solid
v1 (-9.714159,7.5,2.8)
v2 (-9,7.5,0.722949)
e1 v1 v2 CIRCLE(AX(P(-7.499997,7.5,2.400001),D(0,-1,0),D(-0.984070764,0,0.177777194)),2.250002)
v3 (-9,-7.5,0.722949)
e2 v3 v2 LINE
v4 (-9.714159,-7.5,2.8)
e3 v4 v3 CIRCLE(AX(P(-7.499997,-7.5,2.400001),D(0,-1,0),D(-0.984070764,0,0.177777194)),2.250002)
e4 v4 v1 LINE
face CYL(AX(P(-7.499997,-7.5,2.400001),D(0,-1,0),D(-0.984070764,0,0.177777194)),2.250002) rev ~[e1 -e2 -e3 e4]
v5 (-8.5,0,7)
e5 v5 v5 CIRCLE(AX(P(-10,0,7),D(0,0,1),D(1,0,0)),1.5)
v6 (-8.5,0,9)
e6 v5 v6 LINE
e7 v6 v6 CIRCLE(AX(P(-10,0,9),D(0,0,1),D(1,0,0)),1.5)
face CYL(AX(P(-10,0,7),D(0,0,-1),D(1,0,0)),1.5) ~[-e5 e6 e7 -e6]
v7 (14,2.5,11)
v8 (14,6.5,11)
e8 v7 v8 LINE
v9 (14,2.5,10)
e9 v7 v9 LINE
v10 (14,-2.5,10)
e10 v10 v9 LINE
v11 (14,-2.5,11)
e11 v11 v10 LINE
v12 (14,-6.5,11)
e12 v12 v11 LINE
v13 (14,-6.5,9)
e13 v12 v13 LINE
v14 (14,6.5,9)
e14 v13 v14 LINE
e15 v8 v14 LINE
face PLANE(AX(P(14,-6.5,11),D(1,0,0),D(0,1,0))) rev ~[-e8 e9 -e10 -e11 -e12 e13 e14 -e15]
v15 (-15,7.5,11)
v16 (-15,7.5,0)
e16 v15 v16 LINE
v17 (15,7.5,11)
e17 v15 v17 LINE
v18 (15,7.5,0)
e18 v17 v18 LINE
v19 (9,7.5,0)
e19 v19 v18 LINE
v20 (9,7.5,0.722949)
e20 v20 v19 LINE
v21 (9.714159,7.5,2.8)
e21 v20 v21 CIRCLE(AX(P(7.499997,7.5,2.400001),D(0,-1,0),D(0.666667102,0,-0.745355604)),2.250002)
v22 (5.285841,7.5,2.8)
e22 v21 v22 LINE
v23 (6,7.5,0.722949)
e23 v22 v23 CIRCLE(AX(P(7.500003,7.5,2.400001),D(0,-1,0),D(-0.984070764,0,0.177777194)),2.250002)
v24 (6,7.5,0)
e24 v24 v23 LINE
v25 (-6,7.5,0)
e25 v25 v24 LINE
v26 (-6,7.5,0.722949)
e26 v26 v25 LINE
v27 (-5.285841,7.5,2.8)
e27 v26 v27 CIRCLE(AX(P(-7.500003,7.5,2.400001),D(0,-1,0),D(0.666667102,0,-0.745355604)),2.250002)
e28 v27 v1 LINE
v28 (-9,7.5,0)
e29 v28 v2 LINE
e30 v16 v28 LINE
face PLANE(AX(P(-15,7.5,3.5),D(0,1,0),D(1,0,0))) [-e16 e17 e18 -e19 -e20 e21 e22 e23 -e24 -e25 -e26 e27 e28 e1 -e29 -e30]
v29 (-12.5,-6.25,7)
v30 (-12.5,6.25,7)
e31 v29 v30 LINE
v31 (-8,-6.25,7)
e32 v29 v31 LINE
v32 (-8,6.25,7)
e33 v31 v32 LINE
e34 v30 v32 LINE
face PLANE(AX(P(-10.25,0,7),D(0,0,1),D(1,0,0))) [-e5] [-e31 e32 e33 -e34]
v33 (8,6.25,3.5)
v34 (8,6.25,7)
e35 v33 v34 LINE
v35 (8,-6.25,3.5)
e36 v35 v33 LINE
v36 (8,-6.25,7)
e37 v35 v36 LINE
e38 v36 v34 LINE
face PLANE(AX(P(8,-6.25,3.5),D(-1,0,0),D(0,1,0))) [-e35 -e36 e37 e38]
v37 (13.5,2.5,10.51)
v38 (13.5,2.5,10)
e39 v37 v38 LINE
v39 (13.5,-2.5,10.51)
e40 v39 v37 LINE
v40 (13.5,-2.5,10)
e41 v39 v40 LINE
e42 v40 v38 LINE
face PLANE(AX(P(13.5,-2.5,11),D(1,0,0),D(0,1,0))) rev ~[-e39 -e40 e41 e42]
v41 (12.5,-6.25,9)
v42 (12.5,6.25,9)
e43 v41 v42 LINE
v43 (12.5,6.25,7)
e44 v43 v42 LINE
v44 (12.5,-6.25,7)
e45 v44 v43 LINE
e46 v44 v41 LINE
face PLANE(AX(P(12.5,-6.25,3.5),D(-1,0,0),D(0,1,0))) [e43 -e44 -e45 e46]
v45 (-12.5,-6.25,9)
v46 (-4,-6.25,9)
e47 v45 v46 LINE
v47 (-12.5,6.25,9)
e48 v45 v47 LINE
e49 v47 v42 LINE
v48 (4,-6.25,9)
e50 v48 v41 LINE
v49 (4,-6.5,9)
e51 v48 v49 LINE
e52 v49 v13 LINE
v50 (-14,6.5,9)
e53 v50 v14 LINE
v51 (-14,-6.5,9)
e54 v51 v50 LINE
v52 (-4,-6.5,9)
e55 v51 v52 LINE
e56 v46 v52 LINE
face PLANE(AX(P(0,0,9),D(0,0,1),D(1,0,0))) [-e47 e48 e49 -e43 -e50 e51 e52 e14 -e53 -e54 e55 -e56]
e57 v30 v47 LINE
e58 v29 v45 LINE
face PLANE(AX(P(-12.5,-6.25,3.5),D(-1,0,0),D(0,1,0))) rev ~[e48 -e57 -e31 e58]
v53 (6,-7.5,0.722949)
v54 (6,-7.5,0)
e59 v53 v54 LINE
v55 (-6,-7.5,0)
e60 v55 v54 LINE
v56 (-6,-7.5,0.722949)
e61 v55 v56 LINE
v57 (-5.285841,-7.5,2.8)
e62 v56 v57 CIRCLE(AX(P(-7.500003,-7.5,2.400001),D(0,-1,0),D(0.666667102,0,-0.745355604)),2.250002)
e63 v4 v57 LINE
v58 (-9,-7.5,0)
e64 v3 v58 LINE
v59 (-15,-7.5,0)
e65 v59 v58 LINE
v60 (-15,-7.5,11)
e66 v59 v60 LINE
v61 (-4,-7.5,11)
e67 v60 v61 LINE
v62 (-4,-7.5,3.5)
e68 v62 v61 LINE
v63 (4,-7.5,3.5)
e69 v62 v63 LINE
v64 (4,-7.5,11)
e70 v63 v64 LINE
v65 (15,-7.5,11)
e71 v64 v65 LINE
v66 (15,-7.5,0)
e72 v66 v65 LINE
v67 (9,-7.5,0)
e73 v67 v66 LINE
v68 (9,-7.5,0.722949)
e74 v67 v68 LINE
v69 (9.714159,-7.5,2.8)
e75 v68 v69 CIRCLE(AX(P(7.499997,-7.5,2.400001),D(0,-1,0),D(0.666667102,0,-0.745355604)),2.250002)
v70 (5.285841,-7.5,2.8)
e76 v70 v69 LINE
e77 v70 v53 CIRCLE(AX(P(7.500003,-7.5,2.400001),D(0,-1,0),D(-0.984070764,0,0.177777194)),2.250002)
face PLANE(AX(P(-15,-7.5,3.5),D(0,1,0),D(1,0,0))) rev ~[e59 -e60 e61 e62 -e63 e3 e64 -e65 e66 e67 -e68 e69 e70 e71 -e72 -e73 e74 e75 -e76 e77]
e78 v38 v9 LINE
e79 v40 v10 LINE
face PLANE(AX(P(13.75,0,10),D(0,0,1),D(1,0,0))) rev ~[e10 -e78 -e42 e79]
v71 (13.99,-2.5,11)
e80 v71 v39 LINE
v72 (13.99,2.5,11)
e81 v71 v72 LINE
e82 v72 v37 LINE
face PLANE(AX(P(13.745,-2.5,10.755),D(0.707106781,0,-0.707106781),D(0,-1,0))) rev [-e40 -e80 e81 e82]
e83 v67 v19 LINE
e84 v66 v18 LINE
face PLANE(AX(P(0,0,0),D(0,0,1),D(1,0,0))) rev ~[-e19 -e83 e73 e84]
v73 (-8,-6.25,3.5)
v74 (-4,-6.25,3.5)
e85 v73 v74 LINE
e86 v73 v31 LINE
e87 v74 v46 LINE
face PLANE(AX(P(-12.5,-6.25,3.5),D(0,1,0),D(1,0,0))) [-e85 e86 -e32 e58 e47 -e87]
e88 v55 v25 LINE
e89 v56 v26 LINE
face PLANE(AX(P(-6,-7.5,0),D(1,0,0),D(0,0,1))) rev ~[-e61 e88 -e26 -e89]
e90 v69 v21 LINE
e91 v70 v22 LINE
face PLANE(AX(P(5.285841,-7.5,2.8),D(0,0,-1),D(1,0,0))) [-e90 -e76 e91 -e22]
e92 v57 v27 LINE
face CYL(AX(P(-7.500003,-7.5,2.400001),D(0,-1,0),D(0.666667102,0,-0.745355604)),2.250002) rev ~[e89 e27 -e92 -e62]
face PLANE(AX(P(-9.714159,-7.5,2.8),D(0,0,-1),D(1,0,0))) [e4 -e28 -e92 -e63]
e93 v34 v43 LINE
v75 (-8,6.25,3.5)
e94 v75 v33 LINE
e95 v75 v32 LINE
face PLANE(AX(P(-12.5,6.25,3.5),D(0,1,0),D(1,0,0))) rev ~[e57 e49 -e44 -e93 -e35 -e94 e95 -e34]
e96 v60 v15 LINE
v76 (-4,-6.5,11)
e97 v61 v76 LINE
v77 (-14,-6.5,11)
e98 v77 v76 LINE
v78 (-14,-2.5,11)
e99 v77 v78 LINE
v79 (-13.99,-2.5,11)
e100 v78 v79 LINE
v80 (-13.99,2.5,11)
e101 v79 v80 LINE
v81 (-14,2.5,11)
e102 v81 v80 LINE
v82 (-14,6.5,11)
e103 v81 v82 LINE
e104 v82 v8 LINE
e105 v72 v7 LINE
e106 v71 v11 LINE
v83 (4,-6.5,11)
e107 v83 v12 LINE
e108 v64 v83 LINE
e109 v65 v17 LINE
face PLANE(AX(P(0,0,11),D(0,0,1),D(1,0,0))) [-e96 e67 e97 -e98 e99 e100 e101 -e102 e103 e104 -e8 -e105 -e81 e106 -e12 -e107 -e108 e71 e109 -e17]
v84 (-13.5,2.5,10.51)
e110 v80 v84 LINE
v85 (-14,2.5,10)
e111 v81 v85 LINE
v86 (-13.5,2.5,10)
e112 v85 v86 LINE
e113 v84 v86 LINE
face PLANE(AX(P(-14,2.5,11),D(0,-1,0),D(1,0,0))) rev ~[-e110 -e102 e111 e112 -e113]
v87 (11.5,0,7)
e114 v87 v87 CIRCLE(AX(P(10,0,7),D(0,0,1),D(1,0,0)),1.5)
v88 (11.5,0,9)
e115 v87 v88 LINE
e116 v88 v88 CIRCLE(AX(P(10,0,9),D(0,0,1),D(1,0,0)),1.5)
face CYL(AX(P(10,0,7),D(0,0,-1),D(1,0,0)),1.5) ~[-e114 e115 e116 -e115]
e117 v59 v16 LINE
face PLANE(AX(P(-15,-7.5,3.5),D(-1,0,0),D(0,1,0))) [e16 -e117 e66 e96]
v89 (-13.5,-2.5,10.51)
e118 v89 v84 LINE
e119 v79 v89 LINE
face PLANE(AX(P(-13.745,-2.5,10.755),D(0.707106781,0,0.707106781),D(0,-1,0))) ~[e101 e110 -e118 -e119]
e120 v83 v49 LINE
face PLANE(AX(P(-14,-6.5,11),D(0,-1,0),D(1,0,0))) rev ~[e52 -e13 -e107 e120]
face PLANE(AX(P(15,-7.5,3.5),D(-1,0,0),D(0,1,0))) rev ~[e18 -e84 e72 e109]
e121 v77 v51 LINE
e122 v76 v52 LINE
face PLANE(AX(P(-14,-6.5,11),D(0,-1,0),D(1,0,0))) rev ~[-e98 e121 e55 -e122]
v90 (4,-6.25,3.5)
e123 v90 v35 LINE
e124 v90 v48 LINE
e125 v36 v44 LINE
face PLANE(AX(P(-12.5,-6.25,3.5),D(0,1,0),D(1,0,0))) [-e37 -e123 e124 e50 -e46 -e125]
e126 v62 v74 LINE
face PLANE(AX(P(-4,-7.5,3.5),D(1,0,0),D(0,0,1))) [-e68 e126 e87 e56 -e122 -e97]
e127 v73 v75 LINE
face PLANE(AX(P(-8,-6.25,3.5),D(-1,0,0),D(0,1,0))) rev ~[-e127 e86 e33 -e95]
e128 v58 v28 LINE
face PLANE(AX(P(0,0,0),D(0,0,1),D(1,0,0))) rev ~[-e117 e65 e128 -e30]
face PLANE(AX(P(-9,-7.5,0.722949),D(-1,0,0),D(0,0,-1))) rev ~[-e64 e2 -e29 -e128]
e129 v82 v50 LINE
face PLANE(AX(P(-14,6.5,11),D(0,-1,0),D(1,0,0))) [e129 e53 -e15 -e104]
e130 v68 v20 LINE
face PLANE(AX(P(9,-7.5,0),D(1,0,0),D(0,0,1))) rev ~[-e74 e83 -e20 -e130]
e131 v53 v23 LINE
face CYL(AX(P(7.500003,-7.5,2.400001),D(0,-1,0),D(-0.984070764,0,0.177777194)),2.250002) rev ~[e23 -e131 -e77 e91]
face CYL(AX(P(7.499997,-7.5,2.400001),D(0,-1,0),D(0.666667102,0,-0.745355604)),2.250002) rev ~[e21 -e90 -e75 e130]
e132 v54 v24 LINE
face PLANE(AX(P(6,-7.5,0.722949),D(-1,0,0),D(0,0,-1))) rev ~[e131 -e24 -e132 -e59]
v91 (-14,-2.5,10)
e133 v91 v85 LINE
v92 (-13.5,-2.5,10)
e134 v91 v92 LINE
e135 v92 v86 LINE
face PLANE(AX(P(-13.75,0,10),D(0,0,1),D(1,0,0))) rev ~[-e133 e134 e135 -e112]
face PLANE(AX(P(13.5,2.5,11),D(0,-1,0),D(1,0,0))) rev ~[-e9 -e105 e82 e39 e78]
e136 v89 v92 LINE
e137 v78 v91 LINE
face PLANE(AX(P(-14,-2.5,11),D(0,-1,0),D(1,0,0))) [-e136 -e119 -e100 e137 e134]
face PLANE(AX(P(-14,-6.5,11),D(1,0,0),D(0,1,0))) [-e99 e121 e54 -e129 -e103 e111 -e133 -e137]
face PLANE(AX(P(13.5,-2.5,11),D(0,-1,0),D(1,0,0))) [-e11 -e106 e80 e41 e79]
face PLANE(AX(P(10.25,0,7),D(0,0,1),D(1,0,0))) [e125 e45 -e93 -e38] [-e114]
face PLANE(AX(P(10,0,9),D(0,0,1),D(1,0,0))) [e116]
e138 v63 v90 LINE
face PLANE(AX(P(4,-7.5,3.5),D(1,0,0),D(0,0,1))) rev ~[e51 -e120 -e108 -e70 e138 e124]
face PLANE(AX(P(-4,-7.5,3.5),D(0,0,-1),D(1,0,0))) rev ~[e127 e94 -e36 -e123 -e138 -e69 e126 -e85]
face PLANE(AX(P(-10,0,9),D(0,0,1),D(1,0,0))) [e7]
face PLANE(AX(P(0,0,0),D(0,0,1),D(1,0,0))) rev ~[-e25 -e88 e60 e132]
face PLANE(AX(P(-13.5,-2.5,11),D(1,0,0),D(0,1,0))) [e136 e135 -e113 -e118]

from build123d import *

# Parameters (mm, degrees)
SKETCH_W            = 30
SKETCH_H            = 15
PAD_DEPTH           = 3.5
SKETCH001_W         = 30
SKETCH001_H         = 15
SKETCH001_W_2       = 25
SKETCH001_H_2       = 12.5
PAD001_DEPTH        = 7.5
POCKET_DEPTH        = 15.001
LINEARPATTERN_COUNT = 2
LINEARPATTERN_PITCH = 15
SKETCH003_W         = 8
SKETCH003_H         = 7.5
POCKET001_DEPTH     = 1.25
SKETCH004_W         = 4.5
SKETCH004_H         = 12.5
PAD002_DEPTH        = 3.5
SKETCH005_R         = 1.5
PAD003_DEPTH        = 2
SKETCH006_W         = 28
SKETCH006_H         = 13
POCKET002_DEPTH     = 2
SKETCH007_W         = 0.5
SKETCH007_H         = 5
PAD004_DEPTH        = 1
CHAMFER_SIZE        = 0.49


with BuildPart() as part:
    # Sketch → Pad (new body)
    with BuildSketch(Plane.XY):
        Rectangle(SKETCH_W, SKETCH_H)
    extrude(amount=PAD_DEPTH)

    # Sketch001 → Pad001 (new body)
    with BuildSketch(Plane.XY.offset(3.5)):
        Rectangle(SKETCH001_W, SKETCH001_H)
        Rectangle(SKETCH001_W_2, SKETCH001_H_2, mode=Mode.SUBTRACT)
    extrude(amount=PAD001_DEPTH)

    # Sketch002 → Pocket (cut, through all)
    with BuildSketch(Plane.XZ.offset(7.5)):
        with BuildLine():
            Line((-9, 0.722949), (-9, 0))
            Line((-9, 0), (-6, 0))
            Line((-6, 0), (-6, 0.722949))
            ThreePointArc((-6, 0.722949), (-5.37226, 1.668412), (-5.285841, 2.8))
            Line((-9.714159, 2.8), (-5.285841, 2.8))
            ThreePointArc((-9.714159, 2.8), (-9.62774, 1.668412), (-9, 0.722949))
        make_face()
    pocket = extrude(amount=-POCKET_DEPTH, mode=Mode.SUBTRACT)

    # LinearPattern: Pocket ×2
    with Locations(*[(i * LINEARPATTERN_PITCH, 0, 0) for i in range(1, LINEARPATTERN_COUNT)]):
        add(pocket, mode=Mode.SUBTRACT)

    # Sketch003 → Pocket001 (cut)
    with BuildSketch(Plane.XZ.offset(7.5)):
        with Locations((0, 7.25)):
            Rectangle(SKETCH003_W, SKETCH003_H)
    extrude(amount=-POCKET001_DEPTH, mode=Mode.SUBTRACT)

    # Sketch004 → Pad002 (new body)
    with BuildSketch(Plane.XY.offset(3.5)):
        with Locations((-10.25, 0)):
            Rectangle(SKETCH004_W, SKETCH004_H)
        with Locations((10.25, 0)):
            Rectangle(SKETCH004_W, SKETCH004_H)
    extrude(amount=PAD002_DEPTH)

    # Sketch005 → Pad003 (new body)
    with BuildSketch(Plane.XY.offset(7)):
        with Locations((-10, 0)):
            Circle(SKETCH005_R)
        with Locations((10, 0)):
            Circle(SKETCH005_R)
    extrude(amount=PAD003_DEPTH)

    # Sketch006 → Pocket002 (cut)
    with BuildSketch(Plane.XY.offset(11)):
        Rectangle(SKETCH006_W, SKETCH006_H)
    extrude(amount=-POCKET002_DEPTH, mode=Mode.SUBTRACT)

    # Sketch007 → Pad004 (new body)
    with BuildSketch(Plane.XY.offset(11)):
        with Locations((-13.75, 0)):
            Rectangle(SKETCH007_W, SKETCH007_H)
        with Locations((13.75, 0)):
            Rectangle(SKETCH007_W, SKETCH007_H)
    extrude(amount=-PAD004_DEPTH)

    # Chamfer
    chamfer_edges = [part.edges().sort_by_distance(p)[0] for p in [
        (-13.5, 0, 11),
        (13.5, 0, 11),
    ]]
    chamfer(chamfer_edges, length=CHAMFER_SIZE)


solid = part.part
